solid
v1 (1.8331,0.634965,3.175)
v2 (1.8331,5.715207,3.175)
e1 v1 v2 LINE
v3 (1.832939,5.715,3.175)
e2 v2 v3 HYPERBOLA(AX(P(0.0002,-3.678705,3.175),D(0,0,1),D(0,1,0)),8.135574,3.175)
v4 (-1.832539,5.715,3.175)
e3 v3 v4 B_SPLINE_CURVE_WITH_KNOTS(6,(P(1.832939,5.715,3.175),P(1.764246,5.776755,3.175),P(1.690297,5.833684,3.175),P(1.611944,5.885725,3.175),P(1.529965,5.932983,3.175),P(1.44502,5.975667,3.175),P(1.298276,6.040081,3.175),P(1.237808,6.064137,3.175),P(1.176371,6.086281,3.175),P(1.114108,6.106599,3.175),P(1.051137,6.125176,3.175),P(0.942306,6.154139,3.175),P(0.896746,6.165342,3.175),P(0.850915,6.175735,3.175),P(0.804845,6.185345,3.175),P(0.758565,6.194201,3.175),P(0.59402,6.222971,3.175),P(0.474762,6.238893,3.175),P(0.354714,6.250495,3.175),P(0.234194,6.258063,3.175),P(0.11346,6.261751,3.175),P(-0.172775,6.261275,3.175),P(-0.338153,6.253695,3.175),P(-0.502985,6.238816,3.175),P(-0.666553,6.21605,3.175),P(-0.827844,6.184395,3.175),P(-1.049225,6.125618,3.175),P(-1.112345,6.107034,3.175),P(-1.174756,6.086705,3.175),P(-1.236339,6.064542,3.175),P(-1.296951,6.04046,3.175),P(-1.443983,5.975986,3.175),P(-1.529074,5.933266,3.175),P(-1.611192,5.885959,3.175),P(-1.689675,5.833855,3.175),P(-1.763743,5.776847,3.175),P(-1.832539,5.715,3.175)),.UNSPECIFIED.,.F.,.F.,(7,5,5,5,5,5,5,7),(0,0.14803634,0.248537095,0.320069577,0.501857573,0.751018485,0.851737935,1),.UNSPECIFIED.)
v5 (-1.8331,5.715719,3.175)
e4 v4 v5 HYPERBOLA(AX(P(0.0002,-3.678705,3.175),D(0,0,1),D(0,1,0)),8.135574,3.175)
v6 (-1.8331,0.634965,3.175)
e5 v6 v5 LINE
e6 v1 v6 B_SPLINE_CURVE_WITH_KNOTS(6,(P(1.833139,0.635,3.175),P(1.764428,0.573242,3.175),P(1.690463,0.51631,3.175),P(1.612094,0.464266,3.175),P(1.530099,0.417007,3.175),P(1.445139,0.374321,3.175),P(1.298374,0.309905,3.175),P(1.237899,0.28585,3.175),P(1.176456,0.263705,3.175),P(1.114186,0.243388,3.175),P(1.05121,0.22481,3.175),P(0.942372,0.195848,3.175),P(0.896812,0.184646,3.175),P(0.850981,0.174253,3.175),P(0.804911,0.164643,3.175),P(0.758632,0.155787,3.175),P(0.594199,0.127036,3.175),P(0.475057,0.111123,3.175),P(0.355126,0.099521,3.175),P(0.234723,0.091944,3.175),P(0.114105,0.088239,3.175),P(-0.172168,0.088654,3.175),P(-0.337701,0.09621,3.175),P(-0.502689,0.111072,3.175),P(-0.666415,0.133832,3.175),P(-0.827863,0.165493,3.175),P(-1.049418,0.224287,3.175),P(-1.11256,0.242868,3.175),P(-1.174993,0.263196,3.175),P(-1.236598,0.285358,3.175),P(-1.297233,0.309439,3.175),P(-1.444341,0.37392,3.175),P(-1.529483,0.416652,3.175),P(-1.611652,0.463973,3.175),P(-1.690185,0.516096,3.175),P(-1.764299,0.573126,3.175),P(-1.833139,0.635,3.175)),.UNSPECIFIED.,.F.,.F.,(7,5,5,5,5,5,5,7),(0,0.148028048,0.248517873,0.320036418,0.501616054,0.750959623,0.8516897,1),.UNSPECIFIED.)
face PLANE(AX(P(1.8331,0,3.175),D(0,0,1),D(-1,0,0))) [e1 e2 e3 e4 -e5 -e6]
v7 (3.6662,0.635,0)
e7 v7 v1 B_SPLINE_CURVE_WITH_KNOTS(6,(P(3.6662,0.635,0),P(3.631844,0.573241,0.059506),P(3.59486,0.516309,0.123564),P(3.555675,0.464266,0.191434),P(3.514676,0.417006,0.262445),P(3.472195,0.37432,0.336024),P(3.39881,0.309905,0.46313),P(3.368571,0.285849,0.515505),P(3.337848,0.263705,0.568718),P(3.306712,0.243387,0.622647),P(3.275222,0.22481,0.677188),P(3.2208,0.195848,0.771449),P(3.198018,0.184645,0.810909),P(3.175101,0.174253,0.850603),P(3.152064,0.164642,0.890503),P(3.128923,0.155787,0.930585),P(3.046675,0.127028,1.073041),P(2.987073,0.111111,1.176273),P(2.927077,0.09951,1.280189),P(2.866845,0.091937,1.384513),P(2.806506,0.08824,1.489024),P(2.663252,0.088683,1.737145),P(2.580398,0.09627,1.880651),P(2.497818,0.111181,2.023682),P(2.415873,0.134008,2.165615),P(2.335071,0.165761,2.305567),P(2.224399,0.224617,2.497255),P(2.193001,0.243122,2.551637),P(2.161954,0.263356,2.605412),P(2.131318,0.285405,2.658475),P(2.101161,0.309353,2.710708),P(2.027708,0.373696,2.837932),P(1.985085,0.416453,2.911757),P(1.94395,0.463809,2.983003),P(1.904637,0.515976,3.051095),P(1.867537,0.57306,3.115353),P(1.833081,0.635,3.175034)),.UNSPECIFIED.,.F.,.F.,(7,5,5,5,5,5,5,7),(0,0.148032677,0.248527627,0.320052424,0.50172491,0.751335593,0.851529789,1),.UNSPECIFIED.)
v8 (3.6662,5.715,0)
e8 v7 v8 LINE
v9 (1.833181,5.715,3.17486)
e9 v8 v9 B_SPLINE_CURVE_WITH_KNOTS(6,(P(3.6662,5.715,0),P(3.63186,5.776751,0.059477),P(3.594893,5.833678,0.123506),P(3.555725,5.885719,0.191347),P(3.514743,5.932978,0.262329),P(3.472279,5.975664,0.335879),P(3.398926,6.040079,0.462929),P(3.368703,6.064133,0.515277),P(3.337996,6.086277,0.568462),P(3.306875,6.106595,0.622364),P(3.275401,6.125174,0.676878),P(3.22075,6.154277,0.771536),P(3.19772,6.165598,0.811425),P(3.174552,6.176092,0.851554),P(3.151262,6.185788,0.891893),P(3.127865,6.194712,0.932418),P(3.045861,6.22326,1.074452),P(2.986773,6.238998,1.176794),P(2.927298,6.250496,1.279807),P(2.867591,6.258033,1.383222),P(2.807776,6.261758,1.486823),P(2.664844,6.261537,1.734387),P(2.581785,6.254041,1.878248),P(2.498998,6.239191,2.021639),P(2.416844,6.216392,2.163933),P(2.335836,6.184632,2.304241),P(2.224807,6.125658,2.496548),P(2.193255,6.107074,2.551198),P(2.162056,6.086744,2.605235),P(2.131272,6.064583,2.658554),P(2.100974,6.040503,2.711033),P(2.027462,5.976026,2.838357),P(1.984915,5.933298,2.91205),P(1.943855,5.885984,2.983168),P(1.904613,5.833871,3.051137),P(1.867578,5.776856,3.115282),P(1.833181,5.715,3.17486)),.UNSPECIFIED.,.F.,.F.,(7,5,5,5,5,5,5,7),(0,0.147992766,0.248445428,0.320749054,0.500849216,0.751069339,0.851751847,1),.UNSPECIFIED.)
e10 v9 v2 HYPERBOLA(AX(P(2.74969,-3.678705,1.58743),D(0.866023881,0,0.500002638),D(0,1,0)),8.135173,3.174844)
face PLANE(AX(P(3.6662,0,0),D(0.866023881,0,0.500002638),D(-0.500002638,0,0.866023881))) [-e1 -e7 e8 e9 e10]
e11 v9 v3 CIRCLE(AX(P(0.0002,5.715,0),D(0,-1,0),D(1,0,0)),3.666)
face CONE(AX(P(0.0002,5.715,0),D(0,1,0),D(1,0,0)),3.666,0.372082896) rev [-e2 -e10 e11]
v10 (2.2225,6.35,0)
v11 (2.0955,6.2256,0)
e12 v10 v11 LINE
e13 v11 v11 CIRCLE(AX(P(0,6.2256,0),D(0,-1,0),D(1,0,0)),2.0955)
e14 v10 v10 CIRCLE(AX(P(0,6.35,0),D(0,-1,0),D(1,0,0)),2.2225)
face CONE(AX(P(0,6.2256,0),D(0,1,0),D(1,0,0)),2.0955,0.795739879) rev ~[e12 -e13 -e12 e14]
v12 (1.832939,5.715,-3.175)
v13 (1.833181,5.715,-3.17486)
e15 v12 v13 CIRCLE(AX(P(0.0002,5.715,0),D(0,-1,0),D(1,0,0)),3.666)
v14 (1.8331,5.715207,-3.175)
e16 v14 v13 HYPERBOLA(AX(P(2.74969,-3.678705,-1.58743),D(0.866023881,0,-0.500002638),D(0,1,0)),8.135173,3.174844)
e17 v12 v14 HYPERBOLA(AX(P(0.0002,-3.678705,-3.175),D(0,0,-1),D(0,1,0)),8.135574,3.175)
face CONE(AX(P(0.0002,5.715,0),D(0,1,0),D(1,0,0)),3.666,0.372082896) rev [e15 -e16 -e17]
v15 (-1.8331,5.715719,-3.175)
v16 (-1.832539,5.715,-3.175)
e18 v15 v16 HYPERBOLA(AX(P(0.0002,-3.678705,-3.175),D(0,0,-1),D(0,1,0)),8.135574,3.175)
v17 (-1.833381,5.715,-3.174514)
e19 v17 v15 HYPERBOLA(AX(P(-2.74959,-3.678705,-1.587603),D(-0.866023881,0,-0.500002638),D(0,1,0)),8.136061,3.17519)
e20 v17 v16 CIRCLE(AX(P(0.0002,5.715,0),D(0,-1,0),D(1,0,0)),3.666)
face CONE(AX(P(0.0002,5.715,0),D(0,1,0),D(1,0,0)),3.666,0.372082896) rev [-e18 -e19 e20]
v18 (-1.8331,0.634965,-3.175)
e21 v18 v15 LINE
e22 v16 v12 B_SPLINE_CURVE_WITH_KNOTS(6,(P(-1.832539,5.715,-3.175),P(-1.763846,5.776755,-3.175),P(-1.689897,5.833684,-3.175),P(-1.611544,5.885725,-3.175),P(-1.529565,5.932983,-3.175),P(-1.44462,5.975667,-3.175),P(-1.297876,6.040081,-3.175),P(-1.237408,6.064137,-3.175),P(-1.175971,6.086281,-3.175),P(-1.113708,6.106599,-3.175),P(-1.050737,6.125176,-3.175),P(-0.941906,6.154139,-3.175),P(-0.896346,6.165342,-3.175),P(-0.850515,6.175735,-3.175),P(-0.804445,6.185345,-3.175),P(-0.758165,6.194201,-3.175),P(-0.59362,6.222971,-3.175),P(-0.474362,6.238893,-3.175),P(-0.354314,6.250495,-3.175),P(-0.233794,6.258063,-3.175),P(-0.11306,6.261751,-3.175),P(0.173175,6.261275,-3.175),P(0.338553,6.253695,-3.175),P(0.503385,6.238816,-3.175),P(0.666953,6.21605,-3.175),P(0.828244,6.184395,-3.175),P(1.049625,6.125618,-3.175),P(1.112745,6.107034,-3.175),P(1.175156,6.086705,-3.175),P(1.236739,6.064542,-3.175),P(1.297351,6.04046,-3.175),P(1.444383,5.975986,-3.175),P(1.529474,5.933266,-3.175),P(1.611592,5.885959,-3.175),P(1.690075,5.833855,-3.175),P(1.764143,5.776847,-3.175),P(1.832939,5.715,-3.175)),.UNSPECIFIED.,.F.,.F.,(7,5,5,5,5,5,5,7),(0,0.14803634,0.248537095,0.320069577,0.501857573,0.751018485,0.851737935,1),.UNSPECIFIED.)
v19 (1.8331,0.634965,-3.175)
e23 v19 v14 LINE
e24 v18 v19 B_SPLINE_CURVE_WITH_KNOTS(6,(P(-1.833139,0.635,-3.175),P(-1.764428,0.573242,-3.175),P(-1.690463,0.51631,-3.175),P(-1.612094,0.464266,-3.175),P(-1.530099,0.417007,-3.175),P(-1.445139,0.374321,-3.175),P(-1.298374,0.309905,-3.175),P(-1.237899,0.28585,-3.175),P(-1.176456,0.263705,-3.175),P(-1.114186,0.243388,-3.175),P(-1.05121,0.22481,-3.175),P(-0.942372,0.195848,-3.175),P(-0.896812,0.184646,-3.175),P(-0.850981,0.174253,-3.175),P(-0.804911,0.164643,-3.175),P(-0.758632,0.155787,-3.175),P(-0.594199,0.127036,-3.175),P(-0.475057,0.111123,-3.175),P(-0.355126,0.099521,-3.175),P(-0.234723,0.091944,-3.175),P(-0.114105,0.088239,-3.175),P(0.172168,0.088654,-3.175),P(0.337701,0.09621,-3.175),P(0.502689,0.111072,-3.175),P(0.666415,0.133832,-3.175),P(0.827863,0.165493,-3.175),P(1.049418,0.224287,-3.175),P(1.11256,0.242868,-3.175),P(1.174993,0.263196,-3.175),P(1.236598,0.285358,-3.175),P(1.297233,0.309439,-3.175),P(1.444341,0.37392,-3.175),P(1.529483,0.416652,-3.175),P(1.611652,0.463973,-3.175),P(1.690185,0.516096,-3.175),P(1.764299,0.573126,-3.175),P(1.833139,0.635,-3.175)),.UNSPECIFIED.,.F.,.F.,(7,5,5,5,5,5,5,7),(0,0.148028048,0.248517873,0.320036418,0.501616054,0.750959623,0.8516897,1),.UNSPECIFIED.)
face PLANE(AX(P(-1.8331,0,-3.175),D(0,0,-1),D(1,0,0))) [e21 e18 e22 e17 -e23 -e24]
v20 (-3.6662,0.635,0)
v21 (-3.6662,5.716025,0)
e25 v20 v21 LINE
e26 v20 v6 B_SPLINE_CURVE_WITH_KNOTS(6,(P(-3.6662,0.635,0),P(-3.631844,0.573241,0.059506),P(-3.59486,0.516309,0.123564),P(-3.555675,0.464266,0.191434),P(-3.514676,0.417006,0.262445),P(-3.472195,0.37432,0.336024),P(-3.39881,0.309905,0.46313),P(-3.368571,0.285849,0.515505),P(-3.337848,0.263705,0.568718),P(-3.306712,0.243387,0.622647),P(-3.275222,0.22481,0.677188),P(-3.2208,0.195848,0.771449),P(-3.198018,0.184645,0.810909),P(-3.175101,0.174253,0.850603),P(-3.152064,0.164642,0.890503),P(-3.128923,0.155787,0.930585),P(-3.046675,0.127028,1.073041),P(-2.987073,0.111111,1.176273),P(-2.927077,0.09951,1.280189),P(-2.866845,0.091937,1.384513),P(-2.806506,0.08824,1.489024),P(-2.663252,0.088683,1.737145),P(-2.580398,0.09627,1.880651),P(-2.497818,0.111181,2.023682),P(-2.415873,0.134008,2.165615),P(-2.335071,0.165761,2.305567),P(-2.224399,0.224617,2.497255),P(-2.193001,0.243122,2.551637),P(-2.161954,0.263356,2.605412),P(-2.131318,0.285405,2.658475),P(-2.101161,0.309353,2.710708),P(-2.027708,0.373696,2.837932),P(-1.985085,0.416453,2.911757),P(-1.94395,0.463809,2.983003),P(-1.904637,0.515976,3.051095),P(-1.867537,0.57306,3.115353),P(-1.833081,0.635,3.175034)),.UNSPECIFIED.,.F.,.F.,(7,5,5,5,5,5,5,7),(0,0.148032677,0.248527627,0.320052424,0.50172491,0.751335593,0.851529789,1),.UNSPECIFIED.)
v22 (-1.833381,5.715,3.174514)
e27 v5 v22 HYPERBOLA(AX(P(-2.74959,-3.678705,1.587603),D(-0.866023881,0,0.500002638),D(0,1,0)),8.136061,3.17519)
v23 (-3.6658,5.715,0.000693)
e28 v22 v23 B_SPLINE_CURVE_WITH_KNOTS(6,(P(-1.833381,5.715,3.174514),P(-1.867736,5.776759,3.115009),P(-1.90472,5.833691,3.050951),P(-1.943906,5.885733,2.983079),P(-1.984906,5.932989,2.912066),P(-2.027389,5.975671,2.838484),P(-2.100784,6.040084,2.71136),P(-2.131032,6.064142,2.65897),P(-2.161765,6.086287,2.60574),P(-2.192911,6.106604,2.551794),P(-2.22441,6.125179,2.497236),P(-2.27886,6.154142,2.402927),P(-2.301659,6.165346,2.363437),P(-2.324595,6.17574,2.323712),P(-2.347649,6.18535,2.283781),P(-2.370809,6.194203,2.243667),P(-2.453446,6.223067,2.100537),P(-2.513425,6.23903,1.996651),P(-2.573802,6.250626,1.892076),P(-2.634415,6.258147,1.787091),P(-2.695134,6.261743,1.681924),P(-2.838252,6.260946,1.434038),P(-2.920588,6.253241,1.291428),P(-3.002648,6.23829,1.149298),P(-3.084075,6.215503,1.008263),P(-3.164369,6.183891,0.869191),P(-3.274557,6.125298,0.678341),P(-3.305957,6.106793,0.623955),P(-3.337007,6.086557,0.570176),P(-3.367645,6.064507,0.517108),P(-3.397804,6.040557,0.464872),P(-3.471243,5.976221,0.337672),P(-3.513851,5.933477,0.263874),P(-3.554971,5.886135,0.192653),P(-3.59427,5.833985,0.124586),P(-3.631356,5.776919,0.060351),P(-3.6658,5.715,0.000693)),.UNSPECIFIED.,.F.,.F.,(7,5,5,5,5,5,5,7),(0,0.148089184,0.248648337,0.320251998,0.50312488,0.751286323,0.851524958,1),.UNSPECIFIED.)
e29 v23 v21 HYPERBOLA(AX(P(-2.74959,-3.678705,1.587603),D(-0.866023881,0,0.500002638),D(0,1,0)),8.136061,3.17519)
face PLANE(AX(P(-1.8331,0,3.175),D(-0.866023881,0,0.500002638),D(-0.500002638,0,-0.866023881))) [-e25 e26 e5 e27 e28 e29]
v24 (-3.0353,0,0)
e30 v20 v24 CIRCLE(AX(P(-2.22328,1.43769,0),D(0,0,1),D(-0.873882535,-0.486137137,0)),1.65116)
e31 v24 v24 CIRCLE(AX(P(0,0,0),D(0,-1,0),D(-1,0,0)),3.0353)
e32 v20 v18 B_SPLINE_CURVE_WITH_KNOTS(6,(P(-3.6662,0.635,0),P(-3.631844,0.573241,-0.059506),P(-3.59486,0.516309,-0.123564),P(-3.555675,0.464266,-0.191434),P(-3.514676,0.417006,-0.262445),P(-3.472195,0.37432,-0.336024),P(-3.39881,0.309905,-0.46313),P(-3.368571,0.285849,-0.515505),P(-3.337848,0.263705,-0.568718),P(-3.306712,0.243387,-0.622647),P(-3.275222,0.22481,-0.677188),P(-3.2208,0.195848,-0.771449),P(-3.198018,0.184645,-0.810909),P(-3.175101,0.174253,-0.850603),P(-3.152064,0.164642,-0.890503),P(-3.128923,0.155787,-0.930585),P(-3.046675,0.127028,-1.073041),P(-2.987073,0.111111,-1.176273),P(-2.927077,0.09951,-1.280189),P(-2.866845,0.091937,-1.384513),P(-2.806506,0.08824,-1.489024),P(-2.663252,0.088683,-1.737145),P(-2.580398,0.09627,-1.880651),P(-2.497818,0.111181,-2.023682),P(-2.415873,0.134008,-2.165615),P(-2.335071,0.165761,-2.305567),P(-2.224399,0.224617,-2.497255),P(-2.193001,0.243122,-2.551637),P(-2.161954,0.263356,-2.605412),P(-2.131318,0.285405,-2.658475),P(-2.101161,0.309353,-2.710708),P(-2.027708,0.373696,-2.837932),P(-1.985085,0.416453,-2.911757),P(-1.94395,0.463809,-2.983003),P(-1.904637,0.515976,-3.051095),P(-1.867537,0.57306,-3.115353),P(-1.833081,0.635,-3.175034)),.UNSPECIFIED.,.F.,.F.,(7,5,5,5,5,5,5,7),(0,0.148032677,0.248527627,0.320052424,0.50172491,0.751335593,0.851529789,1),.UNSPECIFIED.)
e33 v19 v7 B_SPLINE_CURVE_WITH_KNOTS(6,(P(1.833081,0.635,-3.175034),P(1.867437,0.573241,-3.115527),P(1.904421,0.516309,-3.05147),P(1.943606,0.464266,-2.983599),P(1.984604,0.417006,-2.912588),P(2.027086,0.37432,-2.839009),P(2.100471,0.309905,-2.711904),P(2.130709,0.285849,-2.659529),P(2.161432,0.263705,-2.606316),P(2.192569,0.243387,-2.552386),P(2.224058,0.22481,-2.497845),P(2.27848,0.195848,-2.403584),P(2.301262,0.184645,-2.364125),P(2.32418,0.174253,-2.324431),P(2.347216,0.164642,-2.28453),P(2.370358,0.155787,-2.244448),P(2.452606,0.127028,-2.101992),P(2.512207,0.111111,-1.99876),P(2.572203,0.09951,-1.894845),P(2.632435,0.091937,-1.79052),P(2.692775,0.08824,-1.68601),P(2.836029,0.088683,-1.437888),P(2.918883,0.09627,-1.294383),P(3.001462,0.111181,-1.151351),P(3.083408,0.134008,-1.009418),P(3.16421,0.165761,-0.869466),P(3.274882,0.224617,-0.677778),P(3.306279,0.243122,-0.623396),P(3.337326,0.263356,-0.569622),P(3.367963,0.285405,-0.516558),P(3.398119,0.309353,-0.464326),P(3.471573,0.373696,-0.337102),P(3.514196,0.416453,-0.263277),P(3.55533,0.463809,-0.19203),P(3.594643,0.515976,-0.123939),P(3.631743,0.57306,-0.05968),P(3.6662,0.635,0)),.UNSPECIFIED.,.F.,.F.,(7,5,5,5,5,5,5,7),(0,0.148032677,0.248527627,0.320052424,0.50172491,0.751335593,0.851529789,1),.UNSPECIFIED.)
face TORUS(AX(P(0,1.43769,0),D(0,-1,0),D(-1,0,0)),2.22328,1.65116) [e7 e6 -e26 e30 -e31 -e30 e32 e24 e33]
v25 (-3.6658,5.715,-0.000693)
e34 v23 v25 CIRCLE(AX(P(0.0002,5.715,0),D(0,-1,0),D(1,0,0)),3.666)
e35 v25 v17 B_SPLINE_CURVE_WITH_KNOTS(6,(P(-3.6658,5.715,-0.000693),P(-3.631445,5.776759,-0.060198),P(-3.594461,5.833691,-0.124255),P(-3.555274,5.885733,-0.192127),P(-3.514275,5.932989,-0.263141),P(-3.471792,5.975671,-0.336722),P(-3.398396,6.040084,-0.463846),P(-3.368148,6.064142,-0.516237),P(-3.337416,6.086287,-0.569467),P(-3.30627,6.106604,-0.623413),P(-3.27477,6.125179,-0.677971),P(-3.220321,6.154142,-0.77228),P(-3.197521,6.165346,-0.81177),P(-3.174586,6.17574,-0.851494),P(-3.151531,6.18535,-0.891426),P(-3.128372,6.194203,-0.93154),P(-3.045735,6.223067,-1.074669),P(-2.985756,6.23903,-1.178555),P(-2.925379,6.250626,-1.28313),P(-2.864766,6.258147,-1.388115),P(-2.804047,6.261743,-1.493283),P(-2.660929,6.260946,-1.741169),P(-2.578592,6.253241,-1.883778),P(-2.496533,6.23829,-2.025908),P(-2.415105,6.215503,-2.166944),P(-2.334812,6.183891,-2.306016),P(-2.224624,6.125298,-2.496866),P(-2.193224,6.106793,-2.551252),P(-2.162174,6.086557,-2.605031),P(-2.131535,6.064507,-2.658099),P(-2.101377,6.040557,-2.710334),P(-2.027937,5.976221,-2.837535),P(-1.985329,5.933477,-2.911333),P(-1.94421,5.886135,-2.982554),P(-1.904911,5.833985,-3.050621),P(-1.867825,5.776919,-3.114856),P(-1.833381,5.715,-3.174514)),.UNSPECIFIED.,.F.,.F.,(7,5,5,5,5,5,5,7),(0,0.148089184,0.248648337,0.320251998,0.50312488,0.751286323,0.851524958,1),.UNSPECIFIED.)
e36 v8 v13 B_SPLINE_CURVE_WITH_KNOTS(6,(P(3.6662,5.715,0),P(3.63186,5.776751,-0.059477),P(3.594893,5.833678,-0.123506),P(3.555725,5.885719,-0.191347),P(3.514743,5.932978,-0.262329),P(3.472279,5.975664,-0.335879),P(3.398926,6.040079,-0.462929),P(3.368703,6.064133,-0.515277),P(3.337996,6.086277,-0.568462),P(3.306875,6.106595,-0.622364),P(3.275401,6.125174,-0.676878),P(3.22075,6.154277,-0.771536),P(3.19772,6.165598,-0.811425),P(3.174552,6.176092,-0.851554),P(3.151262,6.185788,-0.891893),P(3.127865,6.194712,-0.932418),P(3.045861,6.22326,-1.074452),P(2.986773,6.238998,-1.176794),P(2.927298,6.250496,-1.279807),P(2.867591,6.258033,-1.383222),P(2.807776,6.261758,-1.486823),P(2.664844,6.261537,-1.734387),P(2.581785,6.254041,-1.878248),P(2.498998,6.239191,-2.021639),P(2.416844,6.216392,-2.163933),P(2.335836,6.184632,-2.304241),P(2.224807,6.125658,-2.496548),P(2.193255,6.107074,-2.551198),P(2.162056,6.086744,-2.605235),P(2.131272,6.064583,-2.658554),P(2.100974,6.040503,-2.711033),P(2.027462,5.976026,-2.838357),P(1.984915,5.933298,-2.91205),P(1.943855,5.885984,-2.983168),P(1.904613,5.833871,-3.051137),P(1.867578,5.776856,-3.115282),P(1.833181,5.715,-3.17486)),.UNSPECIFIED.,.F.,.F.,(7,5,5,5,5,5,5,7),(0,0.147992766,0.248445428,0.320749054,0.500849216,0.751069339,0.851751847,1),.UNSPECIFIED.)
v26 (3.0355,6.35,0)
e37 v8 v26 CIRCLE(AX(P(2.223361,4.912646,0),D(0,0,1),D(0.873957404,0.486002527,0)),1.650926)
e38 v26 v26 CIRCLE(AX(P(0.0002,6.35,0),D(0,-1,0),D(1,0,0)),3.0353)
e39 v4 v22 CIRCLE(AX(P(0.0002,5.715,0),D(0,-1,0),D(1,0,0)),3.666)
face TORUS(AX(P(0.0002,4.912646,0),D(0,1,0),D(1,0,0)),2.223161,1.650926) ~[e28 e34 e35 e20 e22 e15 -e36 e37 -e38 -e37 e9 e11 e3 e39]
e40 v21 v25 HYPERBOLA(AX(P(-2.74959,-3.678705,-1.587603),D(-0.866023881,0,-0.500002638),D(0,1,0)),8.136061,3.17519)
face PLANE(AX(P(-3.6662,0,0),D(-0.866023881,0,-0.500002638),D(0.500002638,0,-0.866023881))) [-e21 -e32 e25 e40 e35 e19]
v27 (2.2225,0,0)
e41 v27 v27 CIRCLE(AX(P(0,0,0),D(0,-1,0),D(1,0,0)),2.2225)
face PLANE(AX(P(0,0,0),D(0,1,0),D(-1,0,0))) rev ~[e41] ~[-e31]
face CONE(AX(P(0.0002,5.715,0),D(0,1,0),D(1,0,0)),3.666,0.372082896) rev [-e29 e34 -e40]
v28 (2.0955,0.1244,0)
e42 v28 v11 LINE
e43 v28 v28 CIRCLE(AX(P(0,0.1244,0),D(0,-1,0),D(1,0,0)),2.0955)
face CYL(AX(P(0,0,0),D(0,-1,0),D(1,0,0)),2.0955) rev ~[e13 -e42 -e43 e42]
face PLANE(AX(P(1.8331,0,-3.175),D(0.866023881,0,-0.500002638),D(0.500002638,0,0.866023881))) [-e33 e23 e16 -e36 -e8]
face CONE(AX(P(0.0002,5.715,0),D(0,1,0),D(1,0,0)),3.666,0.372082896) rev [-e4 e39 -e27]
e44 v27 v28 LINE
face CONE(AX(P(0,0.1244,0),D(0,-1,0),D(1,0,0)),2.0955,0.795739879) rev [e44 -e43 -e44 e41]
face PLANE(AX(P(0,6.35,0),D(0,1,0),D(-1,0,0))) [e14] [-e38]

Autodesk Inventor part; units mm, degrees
ref_plane "YZ Plane" through (0, 0, 0) normal (1, 0, 0) x (0, 1, 0)
ref_plane "XZ Plane" through (0, 0, 0) normal (0, 1, 0) x (-1, 0, 0)
ref_plane "XY Plane" through (0, 0, 0) normal (0, 0, 1) x (1, 0, 0)
sketch "Sketch1" plane through (0, 0, 0) normal (0, 1, 0) x (-1, 0, 0)
  line L0 (-1.8331, -3.175) -> (-3.6662, 0)
  line L1 (-3.6662, 0) -> (-1.8331, 3.175)
  line L2 (-1.8331, 3.175) -> (1.8331, 3.175)
  line L3 (1.8331, 3.175) -> (3.6662, 0)
  line L4 (3.6662, 0) -> (1.8331, -3.175)
  line L5 (1.8331, -3.175) -> (-1.8331, -3.175)
  point P0 (0, 0)
  point P1 (0, 0)
  dimension "d0" = 6.35
extrude "Body" add sketch "Sketch1" along normal blind 6.35
sketch "Sketch2" plane through (0, 6.35, 0) normal (0, 1, 0) x (1, 0, 0)
  circle A0 centre (0, 0) radius 2.0955
  dimension "d3" = 4.191
extrude "Hole 2" [suppressed]
sketch "Sketch3" plane through (0, 0, 0) normal (0, -1, 0) x (1, 0, 0)
  circle A0 centre (0, 0) radius 2.0955
  dimension "d6" = 4.191
extrude "Hole 1" cut sketch "Sketch3" against normal blind 12.7
chamfer "Hole 2 Chamfer 1" [suppressed]
chamfer "Hole 1 Chamfer 1" distance 0.127 distance2 0.1244 1 edges at (-2.0955, 0, 0) measured on face at (-0.0842, 0, 2.8101)
sketch "Sketch4" plane through (0, 0, 0) normal (0, 0, 1) x (1, 0, 0)
  line L0 (1.8331, 6.35) -> (-1.8331, 6.35) projected
  line L1 (0, 6.35) -> (-3.0353, 6.35)
  line L2 (-3.6662, 6.35) -> (-1.8331, 6.35) projected
  line L3 (-3.6662, 0) -> (-3.6662, 6.35) projected
  arc A0 (-3.0353, 6.35) -> (-3.6662, 5.715) centre (-2.2234, 4.9124) ccw
  line L4 (-3.6662, 5.715) -> (-6.3588, 8.3147)
  line L5 (-6.3588, 8.3147) -> (0, 6.35)
  line L6 (0, 6.35) -> (0, 2.864)
  point P0 (0, 0)
  dimension "d15" = 3.0353
  dimension "d16" = 1.651
  dimension "d17" = 0.635
revolve "Hole 2 Chamfer 2" [suppressed]
sketch "Sketch5" plane through (0, 0, 0) normal (0, 0, 1) x (1, 0, 0)
  line L0 (0, 0) -> (-3.0353, 0)
  line L1 (1.8331, 0) -> (-1.8331, 0) projected
  line L2 (-3.6662, 0) -> (-3.6662, 6.35) projected
  arc A0 (-3.6662, 0.635) -> (-3.0353, 0) centre (-2.2234, 1.4376) ccw
  line L3 (0, 0) -> (0, -2.1986)
  line L4 (-3.6662, 0.635) -> (-4.1154, -0.8715)
  line L5 (-4.1154, -0.8715) -> (0, 0)
  point P0 (-3.6662, 151.765)
  dimension "d19" = 3.0353
  dimension "d20" = 1.651
  dimension "d21" = 0.635
revolve "Hole 1 Chamfer 2" cut sketch "Sketch5" angle 360 about axis through (0, 0, 0) along (0, -1, 0)
chamfer "Hole 2 Chamfer 1 For Short" distance 0.127 distance2 0.1244 1 edges at (-2.0955, 6.35, 0) measured on face at (-0.0842, 6.35, 2.8101)
sketch "Sketch7" plane through (0, 0, 0) normal (0, 0, 1) x (1, 0, 0)
  line L0 (0.0002, 6.3504) -> (3.0355, 6.35)
  line L1 (3.6662, 6.35) -> (1.8331, 6.35) projected
  line L2 (3.6662, 0.635) -> (3.6662, 6.35) projected
  arc A0 (3.6662, 5.715) -> (3.0355, 6.35) centre (2.2233, 4.9126) ccw
  line L3 (3.6662, 5.715) -> (4.2665, 7.2532)
  line L4 (4.2665, 7.2532) -> (0.0002, 6.3504)
  line L5 (0.0002, 8.1561) -> (0.0002, 6.3504)
  line L6 (1.8331, 6.35) -> (-1.8331, 6.35) projected
  point P0 (0, 0)
  dimension "d33" = 3.0353
  dimension "d34" = 1.651
  dimension "d35" = 0.635
revolve "Hole 2 Chamfer 2 For Short" cut sketch "Sketch7" angle 360 about axis through (0.0002, 8.1561, 0) along (0, -1, 0)
properties part number "Standoff .25" material "VEX Aluminum Alloy 5052-H32"
